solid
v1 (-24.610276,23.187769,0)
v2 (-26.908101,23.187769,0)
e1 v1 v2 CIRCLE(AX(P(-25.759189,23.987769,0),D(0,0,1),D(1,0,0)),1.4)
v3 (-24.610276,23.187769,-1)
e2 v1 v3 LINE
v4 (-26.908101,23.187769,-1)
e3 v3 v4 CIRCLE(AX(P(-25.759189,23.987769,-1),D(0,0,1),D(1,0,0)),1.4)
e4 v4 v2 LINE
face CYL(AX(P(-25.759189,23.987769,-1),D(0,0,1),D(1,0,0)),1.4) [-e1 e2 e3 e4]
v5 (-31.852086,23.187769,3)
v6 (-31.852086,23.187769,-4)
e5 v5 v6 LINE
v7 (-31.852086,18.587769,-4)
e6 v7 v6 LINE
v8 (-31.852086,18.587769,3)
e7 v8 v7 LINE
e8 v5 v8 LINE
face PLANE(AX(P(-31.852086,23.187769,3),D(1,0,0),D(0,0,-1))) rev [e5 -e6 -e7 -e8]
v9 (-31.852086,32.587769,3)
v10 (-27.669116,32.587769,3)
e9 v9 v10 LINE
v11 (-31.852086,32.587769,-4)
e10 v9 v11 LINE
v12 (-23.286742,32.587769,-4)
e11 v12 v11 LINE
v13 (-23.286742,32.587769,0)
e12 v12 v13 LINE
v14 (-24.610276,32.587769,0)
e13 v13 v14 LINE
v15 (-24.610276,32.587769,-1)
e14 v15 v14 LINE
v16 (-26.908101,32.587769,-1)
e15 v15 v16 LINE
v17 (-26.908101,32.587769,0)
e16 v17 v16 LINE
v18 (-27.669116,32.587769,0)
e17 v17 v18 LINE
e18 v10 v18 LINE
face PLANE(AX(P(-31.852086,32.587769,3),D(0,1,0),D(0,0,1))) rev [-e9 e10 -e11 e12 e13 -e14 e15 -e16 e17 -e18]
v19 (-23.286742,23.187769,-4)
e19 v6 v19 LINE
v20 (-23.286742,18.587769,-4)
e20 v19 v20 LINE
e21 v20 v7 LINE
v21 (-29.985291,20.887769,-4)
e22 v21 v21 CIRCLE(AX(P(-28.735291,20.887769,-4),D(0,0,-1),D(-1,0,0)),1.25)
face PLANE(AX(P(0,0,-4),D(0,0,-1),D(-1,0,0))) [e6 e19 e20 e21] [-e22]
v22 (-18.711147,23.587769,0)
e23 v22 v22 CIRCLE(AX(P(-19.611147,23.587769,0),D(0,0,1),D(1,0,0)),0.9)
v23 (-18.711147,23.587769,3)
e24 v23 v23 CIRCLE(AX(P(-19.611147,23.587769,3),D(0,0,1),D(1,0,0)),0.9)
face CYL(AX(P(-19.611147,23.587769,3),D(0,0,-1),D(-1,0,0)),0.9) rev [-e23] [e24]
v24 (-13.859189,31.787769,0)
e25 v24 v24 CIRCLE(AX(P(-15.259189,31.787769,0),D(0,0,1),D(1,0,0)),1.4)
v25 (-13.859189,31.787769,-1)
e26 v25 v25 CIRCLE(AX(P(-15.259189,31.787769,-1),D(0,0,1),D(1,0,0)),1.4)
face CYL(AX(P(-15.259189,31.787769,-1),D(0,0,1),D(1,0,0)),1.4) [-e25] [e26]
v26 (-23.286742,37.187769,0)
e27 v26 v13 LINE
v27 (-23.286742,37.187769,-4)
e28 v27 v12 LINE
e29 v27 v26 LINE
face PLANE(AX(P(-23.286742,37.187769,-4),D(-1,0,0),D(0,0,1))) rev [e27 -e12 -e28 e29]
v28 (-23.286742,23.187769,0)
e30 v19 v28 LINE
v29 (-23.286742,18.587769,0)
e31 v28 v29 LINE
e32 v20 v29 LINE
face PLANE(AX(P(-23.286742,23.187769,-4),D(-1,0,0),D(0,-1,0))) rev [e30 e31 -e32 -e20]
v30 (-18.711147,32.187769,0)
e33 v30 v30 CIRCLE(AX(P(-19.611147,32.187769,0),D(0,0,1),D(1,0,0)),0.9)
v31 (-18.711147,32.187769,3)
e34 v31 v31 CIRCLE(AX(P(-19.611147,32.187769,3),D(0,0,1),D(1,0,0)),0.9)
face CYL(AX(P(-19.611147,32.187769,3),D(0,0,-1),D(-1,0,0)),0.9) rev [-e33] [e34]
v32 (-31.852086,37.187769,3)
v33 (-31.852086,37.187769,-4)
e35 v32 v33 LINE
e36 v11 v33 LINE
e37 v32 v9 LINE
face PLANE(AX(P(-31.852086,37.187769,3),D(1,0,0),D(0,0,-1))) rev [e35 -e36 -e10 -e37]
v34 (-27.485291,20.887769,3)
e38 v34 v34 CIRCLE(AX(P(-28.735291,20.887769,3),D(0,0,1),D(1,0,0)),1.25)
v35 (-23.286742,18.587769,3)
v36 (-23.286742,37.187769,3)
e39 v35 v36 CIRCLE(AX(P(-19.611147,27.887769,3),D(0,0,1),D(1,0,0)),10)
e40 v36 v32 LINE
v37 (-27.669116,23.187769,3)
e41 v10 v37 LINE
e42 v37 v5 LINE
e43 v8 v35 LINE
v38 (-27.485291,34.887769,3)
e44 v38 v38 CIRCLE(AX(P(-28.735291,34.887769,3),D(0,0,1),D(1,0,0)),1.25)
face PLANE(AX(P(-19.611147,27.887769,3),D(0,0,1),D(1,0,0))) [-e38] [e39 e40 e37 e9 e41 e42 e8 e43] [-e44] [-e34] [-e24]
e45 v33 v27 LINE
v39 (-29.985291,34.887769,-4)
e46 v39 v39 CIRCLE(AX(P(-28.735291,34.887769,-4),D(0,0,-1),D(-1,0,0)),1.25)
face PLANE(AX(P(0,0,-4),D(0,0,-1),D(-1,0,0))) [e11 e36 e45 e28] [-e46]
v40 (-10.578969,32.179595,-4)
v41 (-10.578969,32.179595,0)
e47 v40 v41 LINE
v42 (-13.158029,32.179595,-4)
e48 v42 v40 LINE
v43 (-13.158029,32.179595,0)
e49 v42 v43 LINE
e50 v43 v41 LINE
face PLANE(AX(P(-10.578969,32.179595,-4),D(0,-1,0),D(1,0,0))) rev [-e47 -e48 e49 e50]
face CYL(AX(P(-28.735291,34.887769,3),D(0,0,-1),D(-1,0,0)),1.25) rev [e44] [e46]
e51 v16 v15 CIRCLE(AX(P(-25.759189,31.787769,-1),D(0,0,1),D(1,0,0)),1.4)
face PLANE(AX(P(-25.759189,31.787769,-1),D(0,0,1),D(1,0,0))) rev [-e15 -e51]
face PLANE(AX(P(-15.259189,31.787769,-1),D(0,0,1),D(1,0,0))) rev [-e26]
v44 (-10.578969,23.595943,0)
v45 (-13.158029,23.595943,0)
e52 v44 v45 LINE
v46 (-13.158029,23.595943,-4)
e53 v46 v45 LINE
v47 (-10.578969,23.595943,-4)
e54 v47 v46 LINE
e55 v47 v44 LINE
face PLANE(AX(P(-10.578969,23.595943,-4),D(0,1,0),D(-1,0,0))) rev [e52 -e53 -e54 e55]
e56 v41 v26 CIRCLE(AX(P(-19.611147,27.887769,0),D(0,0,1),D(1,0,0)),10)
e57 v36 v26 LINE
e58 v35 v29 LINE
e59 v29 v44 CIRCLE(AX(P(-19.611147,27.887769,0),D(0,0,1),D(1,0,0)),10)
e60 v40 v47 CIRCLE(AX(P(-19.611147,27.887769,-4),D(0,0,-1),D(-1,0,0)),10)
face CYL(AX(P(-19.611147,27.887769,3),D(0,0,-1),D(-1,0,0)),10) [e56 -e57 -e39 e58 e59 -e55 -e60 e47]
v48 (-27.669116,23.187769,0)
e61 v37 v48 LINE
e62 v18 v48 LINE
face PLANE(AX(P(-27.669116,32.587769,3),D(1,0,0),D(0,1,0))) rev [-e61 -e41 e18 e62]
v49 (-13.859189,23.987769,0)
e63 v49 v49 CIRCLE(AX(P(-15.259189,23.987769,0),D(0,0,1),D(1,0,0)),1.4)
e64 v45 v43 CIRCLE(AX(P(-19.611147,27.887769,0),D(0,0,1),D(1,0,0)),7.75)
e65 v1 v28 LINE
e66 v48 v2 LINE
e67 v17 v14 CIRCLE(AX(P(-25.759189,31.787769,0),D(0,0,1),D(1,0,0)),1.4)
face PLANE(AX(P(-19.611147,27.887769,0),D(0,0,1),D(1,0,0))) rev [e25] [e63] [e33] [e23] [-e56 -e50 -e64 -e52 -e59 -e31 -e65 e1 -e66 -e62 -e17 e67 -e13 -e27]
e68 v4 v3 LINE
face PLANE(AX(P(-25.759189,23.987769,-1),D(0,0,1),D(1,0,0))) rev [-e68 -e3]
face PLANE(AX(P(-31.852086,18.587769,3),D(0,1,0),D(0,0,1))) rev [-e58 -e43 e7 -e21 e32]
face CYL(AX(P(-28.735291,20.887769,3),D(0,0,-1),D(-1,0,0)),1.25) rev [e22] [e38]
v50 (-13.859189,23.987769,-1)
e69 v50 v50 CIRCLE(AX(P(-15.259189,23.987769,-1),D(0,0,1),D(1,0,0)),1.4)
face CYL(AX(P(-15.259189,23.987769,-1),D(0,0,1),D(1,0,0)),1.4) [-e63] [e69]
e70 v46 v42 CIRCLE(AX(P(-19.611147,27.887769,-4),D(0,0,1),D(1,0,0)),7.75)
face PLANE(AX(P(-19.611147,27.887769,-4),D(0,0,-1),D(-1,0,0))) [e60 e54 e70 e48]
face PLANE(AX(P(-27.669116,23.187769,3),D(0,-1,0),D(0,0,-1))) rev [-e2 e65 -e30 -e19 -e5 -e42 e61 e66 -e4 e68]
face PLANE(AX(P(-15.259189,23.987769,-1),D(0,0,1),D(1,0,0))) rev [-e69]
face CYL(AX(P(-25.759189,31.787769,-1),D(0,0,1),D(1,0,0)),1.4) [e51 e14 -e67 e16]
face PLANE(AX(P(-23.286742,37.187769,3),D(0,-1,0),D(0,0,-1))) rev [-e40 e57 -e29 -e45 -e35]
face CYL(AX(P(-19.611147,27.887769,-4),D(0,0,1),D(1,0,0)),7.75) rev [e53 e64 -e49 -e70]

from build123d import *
from build123d.topology import SkipClean

# Parameters (mm, degrees)
SKETCH_1_R      = 1.25
SKETCH_1_R_2    = 0.9
EXTRUDE_1_DEPTH = 3
SKETCH_1_3_R    = 1.4
EXTRUDE_2_DEPTH = 1
EXTRUDE_START   = 4
SKETCH_2_W      = 8.565343767
SKETCH_2_H      = 4.6
SKETCH_2_R      = 1.25
EXTRUDE_3_DEPTH = 4


with BuildPart() as part:
    # 草图1 → 凸台-拉伸1 (new body)
    with BuildSketch(Plane.XY):
        with BuildLine():
            Line((-23.28674194, 37.187768843), (-31.852085707, 37.187768843))
            Line((-31.852085707, 37.187768843), (-31.852085707, 32.587768843))
            Line((-31.852085707, 32.587768843), (-27.669115572, 32.587768843))
            Line((-27.669115572, 32.587768843), (-27.669115572, 23.187768843))
            Line((-27.669115572, 23.187768843), (-31.852085707, 23.187768843))
            Line((-31.852085707, 23.187768843), (-31.852085707, 18.587768843))
            Line((-31.852085707, 18.587768843), (-23.28674194, 18.587768843))
            ThreePointArc((-23.28674194, 18.587768843), (-9.61114675, 27.887768843), (-23.28674194, 37.187768843))
        make_face()
        with Locations((-28.735290545, 20.887768843)):
            Circle(SKETCH_1_R, mode=Mode.SUBTRACT)
        with Locations((-28.735290545, 34.887768843)):
            Circle(SKETCH_1_R, mode=Mode.SUBTRACT)
        with Locations((-19.61114675, 32.187768843)):
            Circle(SKETCH_1_R_2, mode=Mode.SUBTRACT)
        with Locations((-19.61114675, 23.587768843)):
            Circle(SKETCH_1_R_2, mode=Mode.SUBTRACT)
    extrude(amount=EXTRUDE_1_DEPTH)

    # 草图1<3> → 凸台-拉伸2 (add)
    with BuildSketch(Plane.XY):
        with Locations((-25.759188609, 31.787768843)):
            Circle(SKETCH_1_3_R)
        with Locations((-25.759188609, 23.987768843)):
            Circle(SKETCH_1_3_R)
        with Locations((-15.259188609, 23.987768843)):
            Circle(SKETCH_1_3_R)
        with Locations((-15.259188609, 31.787768843)):
            Circle(SKETCH_1_3_R)
    extrude(amount=-EXTRUDE_2_DEPTH)

    # 草图2 → 凸台-拉伸3 (add)
    # profile 1 of 3: a face of its own
    with SkipClean():  # the faces are left unmerged after this step: merging them gives an invalid solid
        with BuildSketch(Plane(origin=(0, 0, 0), x_dir=(-1, 0, 0), z_dir=(0, 0, -1)).offset(EXTRUDE_START)):
            with Locations((27.569413823, 20.887768843)):
                Rectangle(SKETCH_2_W, SKETCH_2_H)
            with Locations((28.735290545, 20.887768843)):
                Circle(SKETCH_2_R, mode=Mode.SUBTRACT)
        # profile 2 of 3: a face of its own
        with BuildSketch(Plane(origin=(0, 0, 0), x_dir=(-1, 0, 0), z_dir=(0, 0, -1)).offset(EXTRUDE_START)):
            with Locations((27.569413823, 34.887768843)):
                Rectangle(SKETCH_2_W, SKETCH_2_H)
            with Locations((28.735290545, 34.887768843)):
                Circle(SKETCH_2_R, mode=Mode.SUBTRACT)
        # profile 3 of 3: a face of its own
        with BuildSketch(Plane(origin=(0, 0, 0), x_dir=(-1, 0, 0), z_dir=(0, 0, -1)).offset(EXTRUDE_START)):
            with BuildLine():
                Line((10.578969282, 32.179594818), (13.158028914, 32.179594818))
                ThreePointArc((13.158028914, 32.179594818), (11.86114675, 27.887768843), (13.158028914, 23.595942869))
                Line((13.158028914, 23.595942869), (10.578969282, 23.595942869))
                ThreePointArc((10.578969282, 23.595942869), (9.61114675, 27.887768843), (10.578969282, 32.179594818))
            make_face()
        extrude(amount=-EXTRUDE_3_DEPTH)


solid = part.part
